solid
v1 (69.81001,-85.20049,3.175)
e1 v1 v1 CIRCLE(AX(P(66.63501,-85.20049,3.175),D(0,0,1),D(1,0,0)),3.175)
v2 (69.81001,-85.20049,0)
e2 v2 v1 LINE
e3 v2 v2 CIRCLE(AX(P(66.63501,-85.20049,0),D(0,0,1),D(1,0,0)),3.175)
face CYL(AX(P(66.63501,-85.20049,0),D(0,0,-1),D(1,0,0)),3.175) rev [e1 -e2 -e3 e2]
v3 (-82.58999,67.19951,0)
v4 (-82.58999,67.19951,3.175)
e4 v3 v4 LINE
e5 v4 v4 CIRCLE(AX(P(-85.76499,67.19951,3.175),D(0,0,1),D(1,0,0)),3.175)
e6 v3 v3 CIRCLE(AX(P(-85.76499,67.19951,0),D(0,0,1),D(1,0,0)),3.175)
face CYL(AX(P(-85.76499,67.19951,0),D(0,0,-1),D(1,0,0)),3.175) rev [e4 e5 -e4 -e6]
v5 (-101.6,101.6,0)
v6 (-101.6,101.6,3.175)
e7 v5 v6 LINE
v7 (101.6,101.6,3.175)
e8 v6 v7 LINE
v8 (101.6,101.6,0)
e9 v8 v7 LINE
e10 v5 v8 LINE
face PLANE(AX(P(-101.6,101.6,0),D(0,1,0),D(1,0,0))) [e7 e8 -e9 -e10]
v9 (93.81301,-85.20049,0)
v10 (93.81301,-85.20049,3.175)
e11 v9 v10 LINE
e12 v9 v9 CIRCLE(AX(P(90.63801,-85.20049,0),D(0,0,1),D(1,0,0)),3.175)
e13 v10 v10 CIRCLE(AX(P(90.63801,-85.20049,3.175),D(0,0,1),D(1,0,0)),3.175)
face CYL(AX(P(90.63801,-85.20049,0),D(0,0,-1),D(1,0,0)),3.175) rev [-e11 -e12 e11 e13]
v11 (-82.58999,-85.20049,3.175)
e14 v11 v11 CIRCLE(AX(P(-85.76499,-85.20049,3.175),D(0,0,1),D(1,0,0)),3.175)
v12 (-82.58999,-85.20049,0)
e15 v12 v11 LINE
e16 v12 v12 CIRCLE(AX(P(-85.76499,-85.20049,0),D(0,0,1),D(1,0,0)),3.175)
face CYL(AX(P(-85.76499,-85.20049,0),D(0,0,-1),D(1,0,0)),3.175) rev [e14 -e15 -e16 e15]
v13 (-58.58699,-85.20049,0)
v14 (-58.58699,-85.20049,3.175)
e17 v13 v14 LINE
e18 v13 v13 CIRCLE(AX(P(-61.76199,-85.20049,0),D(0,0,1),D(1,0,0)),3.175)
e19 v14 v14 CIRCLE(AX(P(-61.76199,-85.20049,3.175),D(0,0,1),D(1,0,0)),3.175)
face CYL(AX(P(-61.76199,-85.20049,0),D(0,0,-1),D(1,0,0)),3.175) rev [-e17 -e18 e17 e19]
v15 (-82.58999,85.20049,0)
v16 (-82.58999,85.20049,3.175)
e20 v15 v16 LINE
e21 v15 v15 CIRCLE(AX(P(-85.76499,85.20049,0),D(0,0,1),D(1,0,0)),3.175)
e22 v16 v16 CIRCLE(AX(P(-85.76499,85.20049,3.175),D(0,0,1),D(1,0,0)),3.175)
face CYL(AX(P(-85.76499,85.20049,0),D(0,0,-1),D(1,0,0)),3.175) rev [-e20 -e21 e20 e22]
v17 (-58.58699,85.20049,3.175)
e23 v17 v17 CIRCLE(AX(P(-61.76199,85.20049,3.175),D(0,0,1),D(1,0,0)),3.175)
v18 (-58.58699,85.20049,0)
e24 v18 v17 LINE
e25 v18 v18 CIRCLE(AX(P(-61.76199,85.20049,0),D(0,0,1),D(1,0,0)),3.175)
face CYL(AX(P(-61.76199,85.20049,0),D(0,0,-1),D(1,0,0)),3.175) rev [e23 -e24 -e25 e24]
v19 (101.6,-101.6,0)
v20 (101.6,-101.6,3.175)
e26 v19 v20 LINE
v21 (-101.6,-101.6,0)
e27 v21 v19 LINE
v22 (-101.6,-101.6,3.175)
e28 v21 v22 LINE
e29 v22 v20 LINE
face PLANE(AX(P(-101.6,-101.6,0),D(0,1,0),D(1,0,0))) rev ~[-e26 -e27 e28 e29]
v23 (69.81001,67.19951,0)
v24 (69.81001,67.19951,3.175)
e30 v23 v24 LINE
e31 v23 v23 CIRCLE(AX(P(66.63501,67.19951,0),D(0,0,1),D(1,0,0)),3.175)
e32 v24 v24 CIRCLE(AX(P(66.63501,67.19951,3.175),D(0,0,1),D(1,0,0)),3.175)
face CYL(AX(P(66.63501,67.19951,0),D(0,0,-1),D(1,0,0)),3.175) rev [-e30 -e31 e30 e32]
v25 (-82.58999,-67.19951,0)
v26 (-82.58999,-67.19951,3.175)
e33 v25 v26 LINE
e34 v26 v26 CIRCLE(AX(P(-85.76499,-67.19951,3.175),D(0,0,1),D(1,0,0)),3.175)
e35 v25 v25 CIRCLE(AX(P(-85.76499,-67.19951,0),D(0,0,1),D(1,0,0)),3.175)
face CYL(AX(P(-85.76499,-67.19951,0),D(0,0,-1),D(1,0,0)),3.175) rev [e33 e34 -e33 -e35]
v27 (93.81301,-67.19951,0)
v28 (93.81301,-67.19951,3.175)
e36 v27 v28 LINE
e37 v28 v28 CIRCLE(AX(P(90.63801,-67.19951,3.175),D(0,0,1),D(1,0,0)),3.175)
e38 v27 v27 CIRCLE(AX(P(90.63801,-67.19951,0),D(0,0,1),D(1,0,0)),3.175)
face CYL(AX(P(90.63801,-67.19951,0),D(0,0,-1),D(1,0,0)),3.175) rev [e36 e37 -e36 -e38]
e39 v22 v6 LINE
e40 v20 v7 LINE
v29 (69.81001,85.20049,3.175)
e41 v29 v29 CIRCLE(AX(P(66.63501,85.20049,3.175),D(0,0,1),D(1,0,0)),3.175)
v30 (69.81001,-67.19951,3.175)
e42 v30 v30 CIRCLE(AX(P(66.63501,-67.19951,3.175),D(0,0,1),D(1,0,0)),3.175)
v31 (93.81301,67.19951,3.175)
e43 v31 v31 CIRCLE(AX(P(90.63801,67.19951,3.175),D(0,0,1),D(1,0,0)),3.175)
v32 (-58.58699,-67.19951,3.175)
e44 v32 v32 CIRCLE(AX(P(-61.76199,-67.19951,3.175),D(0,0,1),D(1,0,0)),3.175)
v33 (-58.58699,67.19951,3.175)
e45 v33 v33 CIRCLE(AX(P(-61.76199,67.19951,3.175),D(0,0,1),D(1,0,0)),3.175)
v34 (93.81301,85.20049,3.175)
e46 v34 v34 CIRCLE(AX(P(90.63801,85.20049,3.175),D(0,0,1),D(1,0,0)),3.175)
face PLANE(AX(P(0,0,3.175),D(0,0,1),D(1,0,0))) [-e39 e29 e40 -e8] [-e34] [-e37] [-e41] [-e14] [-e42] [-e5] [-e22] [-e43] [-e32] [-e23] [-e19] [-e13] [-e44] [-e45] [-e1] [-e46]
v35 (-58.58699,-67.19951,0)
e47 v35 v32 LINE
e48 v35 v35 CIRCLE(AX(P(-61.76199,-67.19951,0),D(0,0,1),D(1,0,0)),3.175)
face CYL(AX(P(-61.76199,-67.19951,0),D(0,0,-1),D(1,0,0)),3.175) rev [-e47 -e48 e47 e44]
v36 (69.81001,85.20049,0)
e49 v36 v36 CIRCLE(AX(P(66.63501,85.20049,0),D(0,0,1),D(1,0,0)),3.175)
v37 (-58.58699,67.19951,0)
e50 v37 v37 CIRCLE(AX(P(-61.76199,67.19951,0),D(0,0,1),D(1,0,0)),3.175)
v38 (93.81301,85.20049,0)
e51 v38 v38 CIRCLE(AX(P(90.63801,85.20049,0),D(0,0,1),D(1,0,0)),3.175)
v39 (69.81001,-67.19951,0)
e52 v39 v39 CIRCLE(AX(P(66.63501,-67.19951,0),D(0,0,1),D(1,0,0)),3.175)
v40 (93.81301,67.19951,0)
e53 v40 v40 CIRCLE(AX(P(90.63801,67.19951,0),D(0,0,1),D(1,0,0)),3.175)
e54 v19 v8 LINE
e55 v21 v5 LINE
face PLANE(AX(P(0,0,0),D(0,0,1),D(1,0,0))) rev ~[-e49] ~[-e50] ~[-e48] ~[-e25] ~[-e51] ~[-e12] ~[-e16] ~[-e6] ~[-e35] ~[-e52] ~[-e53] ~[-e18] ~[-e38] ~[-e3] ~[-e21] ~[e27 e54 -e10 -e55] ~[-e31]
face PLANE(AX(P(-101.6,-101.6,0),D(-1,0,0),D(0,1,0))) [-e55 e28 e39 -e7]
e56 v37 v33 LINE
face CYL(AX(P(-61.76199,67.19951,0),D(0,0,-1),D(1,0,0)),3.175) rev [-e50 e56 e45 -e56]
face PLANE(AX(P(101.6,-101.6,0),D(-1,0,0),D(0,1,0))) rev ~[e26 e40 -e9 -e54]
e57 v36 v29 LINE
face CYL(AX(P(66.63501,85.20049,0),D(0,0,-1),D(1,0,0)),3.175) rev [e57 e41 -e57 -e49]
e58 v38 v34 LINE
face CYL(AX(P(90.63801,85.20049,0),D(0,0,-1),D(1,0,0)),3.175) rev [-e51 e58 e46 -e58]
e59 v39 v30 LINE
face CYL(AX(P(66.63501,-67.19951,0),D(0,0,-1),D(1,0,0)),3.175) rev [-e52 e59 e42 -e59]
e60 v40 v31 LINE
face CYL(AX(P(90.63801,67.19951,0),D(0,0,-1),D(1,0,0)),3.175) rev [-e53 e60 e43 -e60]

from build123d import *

# Parameters (mm, degrees)
F1_W     = 203.2
F1_H     = 203.2
F2_DEPTH = 3.175
F0_R     = 3.175
F3_DEPTH = 3.175


with BuildPart() as f2:
    # F1 (on Top) → F2 (new body)
    with BuildSketch(Plane.XY):
        Rectangle(F1_W, F1_H)
    extrude(amount=F2_DEPTH)

    # F0 (on Top) → F3 (cut, through all)
    with BuildSketch(Plane.XY):
        with Locations((-85.76499, 85.20049)):
            Circle(F0_R)
        with Locations((-85.76499, 67.19951)):
            Circle(F0_R)
        with Locations((-61.76199, 85.20049)):
            Circle(F0_R)
        with Locations((-61.76199, 67.19951)):
            Circle(F0_R)
        with Locations((-85.76499, -67.19951)):
            Circle(F0_R)
        with Locations((-61.76199, -67.19951)):
            Circle(F0_R)
        with Locations((-61.76199, -85.20049)):
            Circle(F0_R)
        with Locations((-85.76499, -85.20049)):
            Circle(F0_R)
        with Locations((66.63501, 85.20049)):
            Circle(F0_R)
        with Locations((90.63801, 85.20049)):
            Circle(F0_R)
        with Locations((90.63801, 67.19951)):
            Circle(F0_R)
        with Locations((66.63501, 67.19951)):
            Circle(F0_R)
        with Locations((66.63501, -67.19951)):
            Circle(F0_R)
        with Locations((90.63801, -67.19951)):
            Circle(F0_R)
        with Locations((90.63801, -85.20049)):
            Circle(F0_R)
        with Locations((66.63501, -85.20049)):
            Circle(F0_R)
    extrude(amount=F3_DEPTH, mode=Mode.SUBTRACT)


solid = f2.part
